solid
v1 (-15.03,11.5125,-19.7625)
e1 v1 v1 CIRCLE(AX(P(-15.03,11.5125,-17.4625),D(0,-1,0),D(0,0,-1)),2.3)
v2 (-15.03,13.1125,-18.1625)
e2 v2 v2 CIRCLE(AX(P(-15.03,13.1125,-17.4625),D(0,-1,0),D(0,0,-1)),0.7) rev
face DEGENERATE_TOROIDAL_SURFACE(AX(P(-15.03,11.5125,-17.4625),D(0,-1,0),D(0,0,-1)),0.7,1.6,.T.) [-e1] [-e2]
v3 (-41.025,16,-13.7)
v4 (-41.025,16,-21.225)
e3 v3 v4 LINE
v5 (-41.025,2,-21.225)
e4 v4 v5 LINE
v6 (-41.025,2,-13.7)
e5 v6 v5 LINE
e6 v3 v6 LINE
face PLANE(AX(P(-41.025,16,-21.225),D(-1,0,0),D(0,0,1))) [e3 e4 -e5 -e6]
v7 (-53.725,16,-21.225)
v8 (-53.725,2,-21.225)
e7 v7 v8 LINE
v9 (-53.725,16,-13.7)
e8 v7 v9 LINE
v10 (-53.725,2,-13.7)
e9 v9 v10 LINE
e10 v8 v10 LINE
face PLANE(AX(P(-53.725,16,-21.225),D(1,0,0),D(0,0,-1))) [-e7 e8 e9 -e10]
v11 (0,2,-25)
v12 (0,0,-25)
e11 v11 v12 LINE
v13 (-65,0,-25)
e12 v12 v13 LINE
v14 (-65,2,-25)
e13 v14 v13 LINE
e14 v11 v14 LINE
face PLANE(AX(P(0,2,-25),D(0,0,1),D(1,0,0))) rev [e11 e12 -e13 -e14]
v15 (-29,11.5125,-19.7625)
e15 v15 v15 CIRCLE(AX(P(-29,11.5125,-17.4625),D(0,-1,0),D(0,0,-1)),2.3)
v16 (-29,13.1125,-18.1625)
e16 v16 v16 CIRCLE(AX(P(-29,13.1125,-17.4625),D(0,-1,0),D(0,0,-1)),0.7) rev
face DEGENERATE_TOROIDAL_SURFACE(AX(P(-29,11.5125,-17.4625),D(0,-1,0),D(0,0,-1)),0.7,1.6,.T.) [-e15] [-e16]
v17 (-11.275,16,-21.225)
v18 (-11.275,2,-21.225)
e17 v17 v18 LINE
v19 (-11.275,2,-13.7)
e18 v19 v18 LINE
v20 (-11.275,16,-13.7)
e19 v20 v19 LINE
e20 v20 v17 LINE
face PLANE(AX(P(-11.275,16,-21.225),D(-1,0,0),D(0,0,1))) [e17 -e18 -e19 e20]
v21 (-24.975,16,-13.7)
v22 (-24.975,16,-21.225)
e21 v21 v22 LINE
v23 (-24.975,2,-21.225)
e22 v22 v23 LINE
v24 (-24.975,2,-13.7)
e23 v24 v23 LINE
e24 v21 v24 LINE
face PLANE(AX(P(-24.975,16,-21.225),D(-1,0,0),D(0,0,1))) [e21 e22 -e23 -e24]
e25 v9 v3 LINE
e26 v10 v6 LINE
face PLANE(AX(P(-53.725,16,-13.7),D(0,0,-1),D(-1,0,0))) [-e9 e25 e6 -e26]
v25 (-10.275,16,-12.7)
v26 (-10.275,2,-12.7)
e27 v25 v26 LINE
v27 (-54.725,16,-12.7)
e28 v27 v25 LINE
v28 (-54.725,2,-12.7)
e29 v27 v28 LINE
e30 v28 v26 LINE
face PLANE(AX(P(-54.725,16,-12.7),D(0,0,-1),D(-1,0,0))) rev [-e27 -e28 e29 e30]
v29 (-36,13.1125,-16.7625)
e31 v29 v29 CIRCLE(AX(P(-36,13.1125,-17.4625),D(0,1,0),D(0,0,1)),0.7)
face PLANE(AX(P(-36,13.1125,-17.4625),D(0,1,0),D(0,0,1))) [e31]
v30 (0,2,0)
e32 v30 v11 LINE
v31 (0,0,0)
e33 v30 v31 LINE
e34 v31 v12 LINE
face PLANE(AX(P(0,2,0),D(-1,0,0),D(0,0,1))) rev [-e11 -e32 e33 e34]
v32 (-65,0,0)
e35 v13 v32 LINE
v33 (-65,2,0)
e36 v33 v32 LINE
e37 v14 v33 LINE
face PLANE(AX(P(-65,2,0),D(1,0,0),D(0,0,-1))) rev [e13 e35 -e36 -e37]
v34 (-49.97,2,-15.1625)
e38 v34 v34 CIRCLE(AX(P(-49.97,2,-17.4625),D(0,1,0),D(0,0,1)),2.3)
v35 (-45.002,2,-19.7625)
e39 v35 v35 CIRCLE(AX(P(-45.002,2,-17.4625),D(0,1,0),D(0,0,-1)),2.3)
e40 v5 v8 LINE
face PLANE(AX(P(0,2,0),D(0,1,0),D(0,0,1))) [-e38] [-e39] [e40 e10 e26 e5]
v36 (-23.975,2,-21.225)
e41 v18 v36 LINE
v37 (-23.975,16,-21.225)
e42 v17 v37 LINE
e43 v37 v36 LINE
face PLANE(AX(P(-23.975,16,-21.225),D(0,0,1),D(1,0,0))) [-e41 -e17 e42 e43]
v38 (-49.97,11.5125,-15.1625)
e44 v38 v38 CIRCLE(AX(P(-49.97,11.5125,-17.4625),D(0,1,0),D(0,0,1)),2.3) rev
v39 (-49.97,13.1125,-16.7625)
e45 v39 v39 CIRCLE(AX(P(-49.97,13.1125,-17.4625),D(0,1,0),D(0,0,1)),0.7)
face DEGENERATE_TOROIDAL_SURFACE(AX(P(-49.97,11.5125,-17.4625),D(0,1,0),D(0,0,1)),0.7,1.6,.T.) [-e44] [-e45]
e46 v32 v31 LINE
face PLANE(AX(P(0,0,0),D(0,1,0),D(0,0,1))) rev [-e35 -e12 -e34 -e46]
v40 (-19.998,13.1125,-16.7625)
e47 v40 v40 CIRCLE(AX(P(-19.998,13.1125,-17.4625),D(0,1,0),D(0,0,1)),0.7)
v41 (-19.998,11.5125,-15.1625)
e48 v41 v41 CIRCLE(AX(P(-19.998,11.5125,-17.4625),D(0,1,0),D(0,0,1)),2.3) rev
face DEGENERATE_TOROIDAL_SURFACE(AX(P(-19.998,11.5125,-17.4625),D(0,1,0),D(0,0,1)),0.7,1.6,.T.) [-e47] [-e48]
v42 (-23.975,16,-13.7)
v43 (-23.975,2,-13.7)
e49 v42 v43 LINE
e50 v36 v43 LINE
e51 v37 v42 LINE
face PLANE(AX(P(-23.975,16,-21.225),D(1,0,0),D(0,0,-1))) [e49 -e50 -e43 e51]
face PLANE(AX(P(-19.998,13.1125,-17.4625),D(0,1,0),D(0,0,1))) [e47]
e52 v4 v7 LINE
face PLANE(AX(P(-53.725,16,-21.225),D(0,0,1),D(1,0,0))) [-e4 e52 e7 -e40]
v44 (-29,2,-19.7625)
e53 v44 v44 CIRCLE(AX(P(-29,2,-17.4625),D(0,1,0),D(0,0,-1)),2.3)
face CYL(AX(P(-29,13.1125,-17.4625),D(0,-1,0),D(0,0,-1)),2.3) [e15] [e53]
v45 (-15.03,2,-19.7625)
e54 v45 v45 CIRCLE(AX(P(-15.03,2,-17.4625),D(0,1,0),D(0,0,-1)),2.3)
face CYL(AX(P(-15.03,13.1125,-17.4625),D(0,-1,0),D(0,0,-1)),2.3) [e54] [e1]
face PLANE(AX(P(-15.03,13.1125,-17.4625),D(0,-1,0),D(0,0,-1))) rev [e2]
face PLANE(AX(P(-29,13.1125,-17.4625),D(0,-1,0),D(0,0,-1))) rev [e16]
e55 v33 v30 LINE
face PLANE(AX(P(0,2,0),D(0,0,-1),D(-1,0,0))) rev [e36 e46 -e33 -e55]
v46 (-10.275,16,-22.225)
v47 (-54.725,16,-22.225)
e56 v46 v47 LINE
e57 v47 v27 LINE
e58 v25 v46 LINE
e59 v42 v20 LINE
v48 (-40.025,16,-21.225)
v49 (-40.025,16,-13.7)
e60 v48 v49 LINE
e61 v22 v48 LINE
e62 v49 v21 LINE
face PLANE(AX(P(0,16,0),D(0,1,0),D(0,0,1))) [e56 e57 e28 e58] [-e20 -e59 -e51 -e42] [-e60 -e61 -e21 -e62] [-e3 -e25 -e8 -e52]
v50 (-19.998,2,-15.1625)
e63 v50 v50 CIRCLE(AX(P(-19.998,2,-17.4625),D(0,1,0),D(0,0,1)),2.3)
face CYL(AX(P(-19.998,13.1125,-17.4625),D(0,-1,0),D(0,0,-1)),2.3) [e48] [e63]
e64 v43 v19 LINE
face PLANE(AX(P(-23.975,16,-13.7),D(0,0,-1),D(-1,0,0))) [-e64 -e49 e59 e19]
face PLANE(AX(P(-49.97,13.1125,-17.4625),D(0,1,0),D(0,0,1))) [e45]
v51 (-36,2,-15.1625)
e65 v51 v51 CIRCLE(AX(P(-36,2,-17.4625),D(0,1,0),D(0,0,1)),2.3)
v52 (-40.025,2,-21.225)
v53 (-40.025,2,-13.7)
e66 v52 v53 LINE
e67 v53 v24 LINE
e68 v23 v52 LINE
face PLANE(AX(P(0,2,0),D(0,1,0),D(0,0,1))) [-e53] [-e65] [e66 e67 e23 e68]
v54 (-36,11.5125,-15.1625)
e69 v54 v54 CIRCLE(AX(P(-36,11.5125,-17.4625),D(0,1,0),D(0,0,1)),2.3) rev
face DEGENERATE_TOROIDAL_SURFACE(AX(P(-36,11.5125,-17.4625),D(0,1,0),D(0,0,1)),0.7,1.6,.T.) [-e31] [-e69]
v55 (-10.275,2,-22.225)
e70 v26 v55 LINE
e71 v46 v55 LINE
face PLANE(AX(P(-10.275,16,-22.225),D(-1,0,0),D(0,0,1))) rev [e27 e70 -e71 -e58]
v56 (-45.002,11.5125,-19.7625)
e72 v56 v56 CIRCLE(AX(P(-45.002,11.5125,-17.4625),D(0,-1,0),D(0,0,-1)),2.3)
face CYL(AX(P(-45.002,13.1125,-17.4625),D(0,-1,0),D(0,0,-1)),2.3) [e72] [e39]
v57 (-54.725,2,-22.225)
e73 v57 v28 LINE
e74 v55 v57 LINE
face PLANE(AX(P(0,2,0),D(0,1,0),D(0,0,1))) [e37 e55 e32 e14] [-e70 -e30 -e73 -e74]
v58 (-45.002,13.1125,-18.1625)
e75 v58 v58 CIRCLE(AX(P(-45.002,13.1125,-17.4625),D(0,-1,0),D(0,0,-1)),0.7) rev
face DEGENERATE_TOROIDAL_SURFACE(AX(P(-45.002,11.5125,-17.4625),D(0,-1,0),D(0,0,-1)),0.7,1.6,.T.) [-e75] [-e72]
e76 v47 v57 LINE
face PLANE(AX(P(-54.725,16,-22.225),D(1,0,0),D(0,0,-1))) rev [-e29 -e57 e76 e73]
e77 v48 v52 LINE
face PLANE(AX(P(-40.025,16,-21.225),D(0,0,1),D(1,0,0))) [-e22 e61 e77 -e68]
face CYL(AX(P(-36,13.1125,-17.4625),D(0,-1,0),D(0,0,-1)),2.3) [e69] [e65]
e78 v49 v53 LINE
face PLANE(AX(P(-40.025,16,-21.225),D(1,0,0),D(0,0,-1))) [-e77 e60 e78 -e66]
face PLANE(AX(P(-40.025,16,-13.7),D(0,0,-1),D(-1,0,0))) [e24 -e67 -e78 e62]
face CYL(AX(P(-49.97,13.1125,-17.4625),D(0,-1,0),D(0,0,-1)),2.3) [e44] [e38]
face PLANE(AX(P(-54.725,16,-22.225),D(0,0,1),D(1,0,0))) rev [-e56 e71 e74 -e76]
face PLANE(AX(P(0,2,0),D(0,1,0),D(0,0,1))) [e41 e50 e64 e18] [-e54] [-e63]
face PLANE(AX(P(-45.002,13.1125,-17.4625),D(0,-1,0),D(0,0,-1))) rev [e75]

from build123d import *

# Parameters (mm, degrees)
SKETCH1_W           = 65
SKETCH1_H           = 25
BOSS_EXTRUDE1_DEPTH = 2
SKETCH2_W           = 44.45
SKETCH2_H           = 9.525
SKETCH2_W_2         = 12.7
SKETCH2_H_2         = 7.525
SKETCH2_W_3         = 15.049999936
BOSS_EXTRUDE2_DEPTH = 14
SKETCH3_R           = 2.299999953
BOSS_EXTRUDE4_DEPTH = 11.1125
FILLET2_R           = 1.6


with BuildPart() as part:
    # Sketch1 → Boss-Extrude1 (new body)
    with BuildSketch(Plane(origin=(0, 0, 0), x_dir=(1, 0, 0), z_dir=(0, 1, 0))):
        with Locations((-32.5, 12.5)):
            Rectangle(SKETCH1_W, SKETCH1_H)
    extrude(amount=BOSS_EXTRUDE1_DEPTH)

    # Sketch2 → Boss-Extrude2 (add)
    with BuildSketch(Plane(origin=(0, 2, 0), x_dir=(1, 0, 0), z_dir=(0, 1, 0))):
        with Locations((-32.5, 17.4625)):
            Rectangle(SKETCH2_W, SKETCH2_H)
        with Locations((-47.375, 17.4625)):
            Rectangle(SKETCH2_W_2, SKETCH2_H_2, mode=Mode.SUBTRACT)
        with Locations((-17.625, 17.4625)):
            Rectangle(SKETCH2_W_2, SKETCH2_H_2, mode=Mode.SUBTRACT)
        with Locations((-32.5, 17.4625)):
            Rectangle(SKETCH2_W_3, SKETCH2_H_2, mode=Mode.SUBTRACT)
    extrude(amount=BOSS_EXTRUDE2_DEPTH)

    # Sketch3 → Boss-Extrude4 (add)
    with BuildSketch(Plane(origin=(0, 2, 0), x_dir=(1, 0, 0), z_dir=(0, 1, 0))):
        with Locations((-36, 17.4625)):
            Circle(SKETCH3_R)
        with Locations((-49.97, 17.4625)):
            Circle(SKETCH3_R)
        with Locations((-19.998, 17.4625)):
            Circle(SKETCH3_R)
        with Locations((-29, 17.4625)):
            Circle(SKETCH3_R)
        with Locations((-15.03, 17.4625)):
            Circle(SKETCH3_R)
        with Locations((-45.002, 17.4625)):
            Circle(SKETCH3_R)
    extrude(amount=BOSS_EXTRUDE4_DEPTH)

    # Fillet2
    fillet2_edges = [part.edges().sort_by_distance(p)[0] for p in [
        (-38.299999953, 13.1125, -17.4625),
        (-52.269999953, 13.1125, -17.4625),
        (-22.297999953, 13.1125, -17.4625),
        (-31.299999953, 13.1125, -17.4625),
        (-17.329999953, 13.1125, -17.4625),
        (-47.301999953, 13.1125, -17.4625),
    ]]
    fillet(fillet2_edges, radius=FILLET2_R)


solid = part.part
